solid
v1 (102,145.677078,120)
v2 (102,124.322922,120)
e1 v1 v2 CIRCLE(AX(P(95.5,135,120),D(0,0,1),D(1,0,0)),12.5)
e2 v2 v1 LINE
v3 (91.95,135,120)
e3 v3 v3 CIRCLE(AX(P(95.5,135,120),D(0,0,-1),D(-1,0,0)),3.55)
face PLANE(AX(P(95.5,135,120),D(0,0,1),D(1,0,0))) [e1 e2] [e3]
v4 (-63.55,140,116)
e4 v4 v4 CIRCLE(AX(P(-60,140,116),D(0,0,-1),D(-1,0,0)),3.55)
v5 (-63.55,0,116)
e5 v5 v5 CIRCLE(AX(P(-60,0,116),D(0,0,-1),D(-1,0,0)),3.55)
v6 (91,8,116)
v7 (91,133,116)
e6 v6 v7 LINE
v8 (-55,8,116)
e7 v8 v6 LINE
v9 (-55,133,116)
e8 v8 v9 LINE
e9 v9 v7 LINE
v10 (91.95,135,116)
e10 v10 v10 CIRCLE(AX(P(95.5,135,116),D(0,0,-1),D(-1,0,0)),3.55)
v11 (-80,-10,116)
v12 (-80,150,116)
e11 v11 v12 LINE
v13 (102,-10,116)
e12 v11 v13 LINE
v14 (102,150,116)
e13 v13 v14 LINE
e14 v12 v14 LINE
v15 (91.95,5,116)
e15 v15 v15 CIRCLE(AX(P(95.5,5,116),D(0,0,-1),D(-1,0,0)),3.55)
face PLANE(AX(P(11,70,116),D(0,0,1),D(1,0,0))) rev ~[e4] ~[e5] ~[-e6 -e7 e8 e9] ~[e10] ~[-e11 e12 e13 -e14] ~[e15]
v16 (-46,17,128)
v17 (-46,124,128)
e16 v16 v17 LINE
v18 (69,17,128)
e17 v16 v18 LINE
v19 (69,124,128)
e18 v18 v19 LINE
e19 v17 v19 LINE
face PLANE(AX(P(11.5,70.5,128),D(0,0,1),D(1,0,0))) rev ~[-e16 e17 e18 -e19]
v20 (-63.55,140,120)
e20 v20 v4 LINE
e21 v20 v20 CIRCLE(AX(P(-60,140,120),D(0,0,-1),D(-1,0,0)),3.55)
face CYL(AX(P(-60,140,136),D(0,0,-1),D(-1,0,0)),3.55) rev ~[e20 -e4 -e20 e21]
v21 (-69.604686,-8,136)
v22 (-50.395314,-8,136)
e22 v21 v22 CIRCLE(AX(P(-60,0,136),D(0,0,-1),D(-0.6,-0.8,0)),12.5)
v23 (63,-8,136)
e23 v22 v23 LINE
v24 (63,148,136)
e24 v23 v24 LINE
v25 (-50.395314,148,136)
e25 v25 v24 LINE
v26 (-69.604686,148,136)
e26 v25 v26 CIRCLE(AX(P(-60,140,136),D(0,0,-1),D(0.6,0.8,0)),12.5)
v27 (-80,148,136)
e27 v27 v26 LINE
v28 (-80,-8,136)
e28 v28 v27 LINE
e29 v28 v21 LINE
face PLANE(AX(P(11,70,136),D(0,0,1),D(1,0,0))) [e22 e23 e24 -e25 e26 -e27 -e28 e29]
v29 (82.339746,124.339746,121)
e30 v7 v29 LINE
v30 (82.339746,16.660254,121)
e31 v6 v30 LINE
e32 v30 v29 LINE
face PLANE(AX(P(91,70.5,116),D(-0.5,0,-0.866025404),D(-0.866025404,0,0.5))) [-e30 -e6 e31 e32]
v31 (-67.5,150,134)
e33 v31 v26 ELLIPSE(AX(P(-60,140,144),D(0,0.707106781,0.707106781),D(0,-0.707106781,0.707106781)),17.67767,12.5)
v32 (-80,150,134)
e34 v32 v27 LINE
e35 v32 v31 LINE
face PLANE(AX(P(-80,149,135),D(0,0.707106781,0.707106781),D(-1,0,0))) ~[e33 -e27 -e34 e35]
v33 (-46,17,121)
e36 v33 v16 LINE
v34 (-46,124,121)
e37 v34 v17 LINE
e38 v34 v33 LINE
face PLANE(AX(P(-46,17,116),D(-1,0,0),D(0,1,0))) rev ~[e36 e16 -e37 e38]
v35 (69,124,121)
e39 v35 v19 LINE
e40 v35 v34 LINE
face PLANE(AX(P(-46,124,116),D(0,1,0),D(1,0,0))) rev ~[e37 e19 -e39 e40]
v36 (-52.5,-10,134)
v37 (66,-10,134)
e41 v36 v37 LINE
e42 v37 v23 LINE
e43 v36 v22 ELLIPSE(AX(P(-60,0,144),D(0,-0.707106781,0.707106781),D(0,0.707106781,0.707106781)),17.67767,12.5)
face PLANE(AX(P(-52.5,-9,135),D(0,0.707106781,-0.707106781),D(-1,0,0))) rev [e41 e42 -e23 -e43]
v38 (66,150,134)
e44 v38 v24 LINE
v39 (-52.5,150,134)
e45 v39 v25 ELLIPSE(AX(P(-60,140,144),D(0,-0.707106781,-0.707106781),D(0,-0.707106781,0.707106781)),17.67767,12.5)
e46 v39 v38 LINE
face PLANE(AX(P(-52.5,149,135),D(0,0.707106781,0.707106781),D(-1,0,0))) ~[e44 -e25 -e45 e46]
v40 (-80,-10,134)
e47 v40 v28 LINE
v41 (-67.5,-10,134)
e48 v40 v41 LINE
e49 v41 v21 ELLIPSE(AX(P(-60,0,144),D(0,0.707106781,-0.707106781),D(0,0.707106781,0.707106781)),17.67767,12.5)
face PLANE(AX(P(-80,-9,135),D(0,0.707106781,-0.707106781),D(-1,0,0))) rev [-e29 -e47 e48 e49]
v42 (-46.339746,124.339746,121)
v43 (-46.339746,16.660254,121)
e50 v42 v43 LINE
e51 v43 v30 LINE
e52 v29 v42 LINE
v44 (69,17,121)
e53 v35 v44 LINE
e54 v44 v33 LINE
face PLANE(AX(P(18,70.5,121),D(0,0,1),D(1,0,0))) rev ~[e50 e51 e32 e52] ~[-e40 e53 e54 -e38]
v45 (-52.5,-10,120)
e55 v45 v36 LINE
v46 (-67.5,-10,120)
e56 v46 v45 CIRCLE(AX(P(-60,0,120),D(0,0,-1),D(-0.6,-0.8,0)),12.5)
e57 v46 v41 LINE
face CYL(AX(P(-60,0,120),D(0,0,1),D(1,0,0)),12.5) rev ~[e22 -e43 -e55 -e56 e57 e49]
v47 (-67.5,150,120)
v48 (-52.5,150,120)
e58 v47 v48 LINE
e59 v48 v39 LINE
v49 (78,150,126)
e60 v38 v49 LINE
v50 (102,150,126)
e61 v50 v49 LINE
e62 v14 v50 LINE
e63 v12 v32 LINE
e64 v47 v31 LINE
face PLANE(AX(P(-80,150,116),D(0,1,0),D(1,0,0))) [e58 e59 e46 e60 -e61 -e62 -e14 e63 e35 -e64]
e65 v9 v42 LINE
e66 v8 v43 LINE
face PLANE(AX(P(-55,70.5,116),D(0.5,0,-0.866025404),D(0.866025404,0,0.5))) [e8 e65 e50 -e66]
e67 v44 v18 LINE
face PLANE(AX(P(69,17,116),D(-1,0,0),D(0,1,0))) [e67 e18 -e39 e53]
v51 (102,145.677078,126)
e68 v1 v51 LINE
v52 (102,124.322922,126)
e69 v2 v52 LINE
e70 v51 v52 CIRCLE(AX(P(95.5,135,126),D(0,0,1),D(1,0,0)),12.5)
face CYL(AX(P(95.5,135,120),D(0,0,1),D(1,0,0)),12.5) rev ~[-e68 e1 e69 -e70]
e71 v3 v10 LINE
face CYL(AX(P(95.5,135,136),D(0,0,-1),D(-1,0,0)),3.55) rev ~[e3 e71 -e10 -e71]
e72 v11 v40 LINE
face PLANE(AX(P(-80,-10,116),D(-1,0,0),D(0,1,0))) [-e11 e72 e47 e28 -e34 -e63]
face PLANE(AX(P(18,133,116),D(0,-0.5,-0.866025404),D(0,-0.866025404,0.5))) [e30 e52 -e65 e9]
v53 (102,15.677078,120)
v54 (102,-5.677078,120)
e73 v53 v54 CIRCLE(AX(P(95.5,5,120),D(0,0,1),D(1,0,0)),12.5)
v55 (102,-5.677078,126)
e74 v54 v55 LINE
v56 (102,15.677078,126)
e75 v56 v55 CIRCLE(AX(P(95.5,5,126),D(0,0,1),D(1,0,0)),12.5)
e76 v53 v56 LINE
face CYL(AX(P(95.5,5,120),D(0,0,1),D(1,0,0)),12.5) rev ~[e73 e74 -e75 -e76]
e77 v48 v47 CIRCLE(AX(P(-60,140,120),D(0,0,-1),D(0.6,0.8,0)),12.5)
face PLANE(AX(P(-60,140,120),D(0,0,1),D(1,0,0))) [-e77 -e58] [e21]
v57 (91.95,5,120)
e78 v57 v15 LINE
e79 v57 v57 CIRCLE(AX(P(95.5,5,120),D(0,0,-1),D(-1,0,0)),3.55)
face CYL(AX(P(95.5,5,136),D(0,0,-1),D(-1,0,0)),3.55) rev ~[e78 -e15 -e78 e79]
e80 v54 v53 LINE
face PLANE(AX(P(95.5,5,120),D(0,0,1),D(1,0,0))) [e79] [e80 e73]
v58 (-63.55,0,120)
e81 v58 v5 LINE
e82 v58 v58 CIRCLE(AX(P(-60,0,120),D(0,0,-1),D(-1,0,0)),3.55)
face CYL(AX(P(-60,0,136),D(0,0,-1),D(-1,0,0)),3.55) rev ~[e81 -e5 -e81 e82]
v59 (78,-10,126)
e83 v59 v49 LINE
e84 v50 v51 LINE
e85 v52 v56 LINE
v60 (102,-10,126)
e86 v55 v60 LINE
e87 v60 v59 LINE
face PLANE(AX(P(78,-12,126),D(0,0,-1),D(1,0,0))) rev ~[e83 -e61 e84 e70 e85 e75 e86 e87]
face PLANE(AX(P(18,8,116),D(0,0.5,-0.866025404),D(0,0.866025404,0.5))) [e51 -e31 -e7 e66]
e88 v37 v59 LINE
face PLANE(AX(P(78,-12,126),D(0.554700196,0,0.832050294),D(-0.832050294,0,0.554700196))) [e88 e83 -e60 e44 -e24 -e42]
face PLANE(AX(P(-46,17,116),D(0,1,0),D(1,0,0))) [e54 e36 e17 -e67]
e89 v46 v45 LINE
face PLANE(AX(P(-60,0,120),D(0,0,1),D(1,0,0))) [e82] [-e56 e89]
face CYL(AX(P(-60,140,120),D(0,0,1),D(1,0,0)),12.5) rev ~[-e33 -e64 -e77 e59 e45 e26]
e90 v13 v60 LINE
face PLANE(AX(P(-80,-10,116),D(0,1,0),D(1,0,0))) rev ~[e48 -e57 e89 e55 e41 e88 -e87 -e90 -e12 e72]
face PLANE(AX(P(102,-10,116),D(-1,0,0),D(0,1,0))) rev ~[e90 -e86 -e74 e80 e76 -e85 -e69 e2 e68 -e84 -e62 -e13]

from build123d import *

# Parameters (mm, degrees)
SKETCH012_W         = 182
SKETCH012_H         = 160
PAD006_DEPTH        = 20
HOLE005_D           = 7.1
HOLE005_DEPTH       = 25
HOLE005_CBORE_D     = 25
HOLE005_CBORE_DEPTH = 16
SKETCH020_W         = 146
SKETCH020_H         = 125
POCKET004_DEPTH     = 5
POCKET004_TAPER     = 60
CHAMFER001_SIZE     = 2
SKETCH025_W         = 115
SKETCH025_H         = 107
POCKET007_DEPTH     = 12
POCKET014_DEPTH     = 500


with BuildPart() as part:
    # Sketch012 → Pad006 (new body)
    with BuildSketch(Plane.XY):
        with Locations((91, 82)):
            Rectangle(SKETCH012_W, SKETCH012_H)
    extrude(amount=PAD006_DEPTH)

    # Hole005
    with Locations(Plane.XY.offset(20)):
        with Locations((20, 152), (20, 12), (175.5, 147), (175.5, 17)):
            CounterBoreHole(HOLE005_D / 2, HOLE005_CBORE_D / 2, HOLE005_CBORE_DEPTH, depth=HOLE005_DEPTH)

    # Sketch020 → Pocket004 (cut)
    with BuildSketch(Plane.XY):
        with Locations((98, 82.5)):
            Rectangle(SKETCH020_W, SKETCH020_H)
    extrude(amount=POCKET004_DEPTH, taper=POCKET004_TAPER, mode=Mode.SUBTRACT)

    # Chamfer001
    chamfer001_edges = [part.edges().sort_by_distance(p)[0] for p in [
        (104.75, 2, 20),
        (6.25, 2, 20),
        (6.25, 162, 20),
        (104.75, 162, 20),
    ]]
    chamfer(chamfer001_edges, length=CHAMFER001_SIZE)

    # Sketch025 → Pocket007 (cut)
    with BuildSketch(Plane.XY):
        with Locations((91.5, 82.5)):
            Rectangle(SKETCH025_W, SKETCH025_H)
    extrude(amount=POCKET007_DEPTH, mode=Mode.SUBTRACT)

    # Sketch032 → Pocket014 (cut)
    with BuildSketch(Plane.XZ):
        Polygon((140, 30), (190, 30), (190, 10), (170, 10), (160, 10), (158, 10), (140, 22), align=None)
    extrude(amount=-POCKET014_DEPTH, mode=Mode.SUBTRACT)


with BuildPart() as part_1:
    # Body004 placement: moved
    add(part.part.moved(Location((-80, -12, 116))))


solid = part_1.part
